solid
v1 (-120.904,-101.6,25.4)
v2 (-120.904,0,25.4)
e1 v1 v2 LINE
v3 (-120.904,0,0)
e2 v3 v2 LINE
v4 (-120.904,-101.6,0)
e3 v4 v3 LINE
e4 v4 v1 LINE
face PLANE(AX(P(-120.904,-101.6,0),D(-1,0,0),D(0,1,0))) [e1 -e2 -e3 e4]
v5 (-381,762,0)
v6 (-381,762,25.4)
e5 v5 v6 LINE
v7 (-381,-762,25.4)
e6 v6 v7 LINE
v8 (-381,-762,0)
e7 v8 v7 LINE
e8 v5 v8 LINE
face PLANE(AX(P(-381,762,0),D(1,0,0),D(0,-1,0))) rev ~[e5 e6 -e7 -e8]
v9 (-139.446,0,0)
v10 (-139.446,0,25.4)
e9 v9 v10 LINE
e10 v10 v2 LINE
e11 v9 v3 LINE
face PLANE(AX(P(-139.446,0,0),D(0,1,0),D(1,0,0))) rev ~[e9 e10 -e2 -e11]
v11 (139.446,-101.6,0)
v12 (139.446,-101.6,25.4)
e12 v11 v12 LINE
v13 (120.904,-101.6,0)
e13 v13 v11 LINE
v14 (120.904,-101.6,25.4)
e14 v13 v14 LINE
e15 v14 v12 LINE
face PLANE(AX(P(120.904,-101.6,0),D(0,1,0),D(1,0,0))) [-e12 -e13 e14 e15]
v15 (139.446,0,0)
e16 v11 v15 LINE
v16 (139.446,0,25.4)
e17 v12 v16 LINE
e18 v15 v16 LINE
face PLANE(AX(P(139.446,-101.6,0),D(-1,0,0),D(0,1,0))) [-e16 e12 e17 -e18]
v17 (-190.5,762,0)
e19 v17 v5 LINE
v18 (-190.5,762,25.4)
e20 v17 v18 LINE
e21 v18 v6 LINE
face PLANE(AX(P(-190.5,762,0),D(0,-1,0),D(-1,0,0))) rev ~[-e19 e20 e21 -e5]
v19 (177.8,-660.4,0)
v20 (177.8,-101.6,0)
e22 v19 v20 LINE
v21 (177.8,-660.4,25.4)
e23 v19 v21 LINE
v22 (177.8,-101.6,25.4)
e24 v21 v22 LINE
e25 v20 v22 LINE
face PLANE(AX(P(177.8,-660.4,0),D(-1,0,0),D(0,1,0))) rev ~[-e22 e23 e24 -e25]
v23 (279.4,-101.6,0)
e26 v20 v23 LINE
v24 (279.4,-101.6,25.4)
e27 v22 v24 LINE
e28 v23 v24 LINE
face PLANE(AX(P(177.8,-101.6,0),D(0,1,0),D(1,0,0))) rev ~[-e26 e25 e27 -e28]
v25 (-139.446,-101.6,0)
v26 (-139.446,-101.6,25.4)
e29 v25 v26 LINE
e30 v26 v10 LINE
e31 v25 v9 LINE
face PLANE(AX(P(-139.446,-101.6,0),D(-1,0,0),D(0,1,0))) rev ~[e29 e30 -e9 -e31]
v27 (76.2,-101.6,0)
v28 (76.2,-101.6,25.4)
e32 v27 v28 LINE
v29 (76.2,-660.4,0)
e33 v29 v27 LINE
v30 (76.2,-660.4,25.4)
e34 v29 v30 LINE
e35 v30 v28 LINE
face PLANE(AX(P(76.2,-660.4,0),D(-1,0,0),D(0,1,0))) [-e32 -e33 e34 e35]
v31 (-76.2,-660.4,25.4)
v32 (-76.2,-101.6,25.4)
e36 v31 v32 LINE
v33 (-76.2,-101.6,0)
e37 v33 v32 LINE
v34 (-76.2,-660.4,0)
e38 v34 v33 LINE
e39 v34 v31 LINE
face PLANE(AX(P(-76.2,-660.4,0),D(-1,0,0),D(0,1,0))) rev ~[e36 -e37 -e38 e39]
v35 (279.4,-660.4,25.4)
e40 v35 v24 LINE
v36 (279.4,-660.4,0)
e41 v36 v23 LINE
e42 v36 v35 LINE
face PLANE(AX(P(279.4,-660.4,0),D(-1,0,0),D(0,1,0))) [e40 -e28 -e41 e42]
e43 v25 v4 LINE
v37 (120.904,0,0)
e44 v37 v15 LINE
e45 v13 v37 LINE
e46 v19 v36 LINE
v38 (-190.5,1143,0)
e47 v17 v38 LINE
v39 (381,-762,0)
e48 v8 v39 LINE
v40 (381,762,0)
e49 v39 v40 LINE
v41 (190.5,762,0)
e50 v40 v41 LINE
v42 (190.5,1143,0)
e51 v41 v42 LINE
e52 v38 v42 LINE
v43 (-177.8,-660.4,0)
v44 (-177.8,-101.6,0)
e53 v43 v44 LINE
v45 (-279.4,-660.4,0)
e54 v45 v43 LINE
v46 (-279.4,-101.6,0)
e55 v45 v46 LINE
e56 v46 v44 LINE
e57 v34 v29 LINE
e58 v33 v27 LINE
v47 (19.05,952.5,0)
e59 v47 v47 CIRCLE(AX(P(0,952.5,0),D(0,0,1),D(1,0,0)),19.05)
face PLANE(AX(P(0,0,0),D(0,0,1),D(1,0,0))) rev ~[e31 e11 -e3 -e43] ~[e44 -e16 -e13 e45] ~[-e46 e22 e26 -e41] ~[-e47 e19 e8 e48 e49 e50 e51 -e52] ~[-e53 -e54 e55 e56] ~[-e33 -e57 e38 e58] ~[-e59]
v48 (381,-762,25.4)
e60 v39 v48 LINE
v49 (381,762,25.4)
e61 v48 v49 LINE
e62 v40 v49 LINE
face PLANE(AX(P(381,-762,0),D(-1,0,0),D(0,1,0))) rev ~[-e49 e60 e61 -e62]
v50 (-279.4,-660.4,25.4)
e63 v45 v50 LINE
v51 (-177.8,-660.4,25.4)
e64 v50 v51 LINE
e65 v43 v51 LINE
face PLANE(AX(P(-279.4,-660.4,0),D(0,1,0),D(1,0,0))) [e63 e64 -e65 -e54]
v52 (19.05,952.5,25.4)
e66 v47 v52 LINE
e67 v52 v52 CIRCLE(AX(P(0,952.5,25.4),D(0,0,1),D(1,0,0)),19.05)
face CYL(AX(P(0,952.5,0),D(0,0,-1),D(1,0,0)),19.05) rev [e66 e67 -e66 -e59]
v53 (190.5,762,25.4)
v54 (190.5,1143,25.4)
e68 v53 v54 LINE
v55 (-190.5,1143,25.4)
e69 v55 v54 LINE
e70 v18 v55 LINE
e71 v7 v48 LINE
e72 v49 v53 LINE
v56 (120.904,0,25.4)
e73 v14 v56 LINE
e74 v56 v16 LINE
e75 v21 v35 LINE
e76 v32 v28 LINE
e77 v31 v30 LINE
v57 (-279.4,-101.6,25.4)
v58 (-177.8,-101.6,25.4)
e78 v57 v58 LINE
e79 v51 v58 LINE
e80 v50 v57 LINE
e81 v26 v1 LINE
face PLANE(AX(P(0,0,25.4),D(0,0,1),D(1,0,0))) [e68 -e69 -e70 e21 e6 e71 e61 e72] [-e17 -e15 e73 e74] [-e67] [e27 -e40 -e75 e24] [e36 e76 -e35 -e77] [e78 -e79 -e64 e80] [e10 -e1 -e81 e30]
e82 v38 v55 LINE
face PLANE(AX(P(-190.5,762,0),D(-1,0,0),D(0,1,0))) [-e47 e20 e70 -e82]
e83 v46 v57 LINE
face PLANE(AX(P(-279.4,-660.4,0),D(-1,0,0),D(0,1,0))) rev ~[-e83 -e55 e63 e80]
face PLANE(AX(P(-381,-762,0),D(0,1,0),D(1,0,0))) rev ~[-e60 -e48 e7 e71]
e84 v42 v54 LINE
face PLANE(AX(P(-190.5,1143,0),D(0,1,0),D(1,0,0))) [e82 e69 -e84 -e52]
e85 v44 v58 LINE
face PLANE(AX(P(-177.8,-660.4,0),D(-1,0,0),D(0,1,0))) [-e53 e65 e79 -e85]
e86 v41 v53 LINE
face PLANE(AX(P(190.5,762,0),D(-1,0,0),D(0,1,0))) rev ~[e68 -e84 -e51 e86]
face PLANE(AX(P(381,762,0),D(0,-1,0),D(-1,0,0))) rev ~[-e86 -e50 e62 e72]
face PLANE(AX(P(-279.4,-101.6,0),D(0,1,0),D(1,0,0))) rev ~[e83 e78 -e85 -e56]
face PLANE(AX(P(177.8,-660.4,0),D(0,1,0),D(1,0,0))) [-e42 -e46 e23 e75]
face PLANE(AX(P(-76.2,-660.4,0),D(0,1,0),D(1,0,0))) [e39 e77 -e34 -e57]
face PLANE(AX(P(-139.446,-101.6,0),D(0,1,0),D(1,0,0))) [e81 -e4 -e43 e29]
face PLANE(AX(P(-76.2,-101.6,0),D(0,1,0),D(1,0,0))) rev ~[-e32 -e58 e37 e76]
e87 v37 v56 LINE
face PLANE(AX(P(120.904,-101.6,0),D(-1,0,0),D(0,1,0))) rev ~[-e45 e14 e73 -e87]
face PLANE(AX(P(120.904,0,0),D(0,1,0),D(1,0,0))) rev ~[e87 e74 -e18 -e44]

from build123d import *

# Parameters (mm, degrees)
F0_W     = 101.6
F0_H     = 558.8
F0_W_2   = 18.542
F0_H_2   = 101.6
F0_W_3   = 152.4
F0_W_4   = 381
F0_H_3   = 381
F0_R     = 19.05
F1_DEPTH = 25.4


with BuildPart() as f1:
    # F0 (on Top) → F1 (new body)
    with BuildSketch(Plane.XY):
        Polygon((381, -762), (381, 762), (190.5, 762), (-190.5, 762), (-381, 762), (-381, -762), align=None)
        with Locations((-228.6, -381)):
            Rectangle(F0_W, F0_H, mode=Mode.SUBTRACT)
        with Locations((-130.175, -50.8)):
            Rectangle(F0_W_2, F0_H_2, mode=Mode.SUBTRACT)
        with Locations((0, -381)):
            Rectangle(F0_W_3, F0_H, mode=Mode.SUBTRACT)
        with Locations((228.6, -381)):
            Rectangle(F0_W, F0_H, mode=Mode.SUBTRACT)
        with Locations((130.175, -50.8)):
            Rectangle(F0_W_2, F0_H_2, mode=Mode.SUBTRACT)
        with Locations((0, 952.5)):
            Rectangle(F0_W_4, F0_H_3)
        with Locations((0, 952.5)):
            Circle(F0_R, mode=Mode.SUBTRACT)
    extrude(amount=F1_DEPTH)


solid = f1.part
